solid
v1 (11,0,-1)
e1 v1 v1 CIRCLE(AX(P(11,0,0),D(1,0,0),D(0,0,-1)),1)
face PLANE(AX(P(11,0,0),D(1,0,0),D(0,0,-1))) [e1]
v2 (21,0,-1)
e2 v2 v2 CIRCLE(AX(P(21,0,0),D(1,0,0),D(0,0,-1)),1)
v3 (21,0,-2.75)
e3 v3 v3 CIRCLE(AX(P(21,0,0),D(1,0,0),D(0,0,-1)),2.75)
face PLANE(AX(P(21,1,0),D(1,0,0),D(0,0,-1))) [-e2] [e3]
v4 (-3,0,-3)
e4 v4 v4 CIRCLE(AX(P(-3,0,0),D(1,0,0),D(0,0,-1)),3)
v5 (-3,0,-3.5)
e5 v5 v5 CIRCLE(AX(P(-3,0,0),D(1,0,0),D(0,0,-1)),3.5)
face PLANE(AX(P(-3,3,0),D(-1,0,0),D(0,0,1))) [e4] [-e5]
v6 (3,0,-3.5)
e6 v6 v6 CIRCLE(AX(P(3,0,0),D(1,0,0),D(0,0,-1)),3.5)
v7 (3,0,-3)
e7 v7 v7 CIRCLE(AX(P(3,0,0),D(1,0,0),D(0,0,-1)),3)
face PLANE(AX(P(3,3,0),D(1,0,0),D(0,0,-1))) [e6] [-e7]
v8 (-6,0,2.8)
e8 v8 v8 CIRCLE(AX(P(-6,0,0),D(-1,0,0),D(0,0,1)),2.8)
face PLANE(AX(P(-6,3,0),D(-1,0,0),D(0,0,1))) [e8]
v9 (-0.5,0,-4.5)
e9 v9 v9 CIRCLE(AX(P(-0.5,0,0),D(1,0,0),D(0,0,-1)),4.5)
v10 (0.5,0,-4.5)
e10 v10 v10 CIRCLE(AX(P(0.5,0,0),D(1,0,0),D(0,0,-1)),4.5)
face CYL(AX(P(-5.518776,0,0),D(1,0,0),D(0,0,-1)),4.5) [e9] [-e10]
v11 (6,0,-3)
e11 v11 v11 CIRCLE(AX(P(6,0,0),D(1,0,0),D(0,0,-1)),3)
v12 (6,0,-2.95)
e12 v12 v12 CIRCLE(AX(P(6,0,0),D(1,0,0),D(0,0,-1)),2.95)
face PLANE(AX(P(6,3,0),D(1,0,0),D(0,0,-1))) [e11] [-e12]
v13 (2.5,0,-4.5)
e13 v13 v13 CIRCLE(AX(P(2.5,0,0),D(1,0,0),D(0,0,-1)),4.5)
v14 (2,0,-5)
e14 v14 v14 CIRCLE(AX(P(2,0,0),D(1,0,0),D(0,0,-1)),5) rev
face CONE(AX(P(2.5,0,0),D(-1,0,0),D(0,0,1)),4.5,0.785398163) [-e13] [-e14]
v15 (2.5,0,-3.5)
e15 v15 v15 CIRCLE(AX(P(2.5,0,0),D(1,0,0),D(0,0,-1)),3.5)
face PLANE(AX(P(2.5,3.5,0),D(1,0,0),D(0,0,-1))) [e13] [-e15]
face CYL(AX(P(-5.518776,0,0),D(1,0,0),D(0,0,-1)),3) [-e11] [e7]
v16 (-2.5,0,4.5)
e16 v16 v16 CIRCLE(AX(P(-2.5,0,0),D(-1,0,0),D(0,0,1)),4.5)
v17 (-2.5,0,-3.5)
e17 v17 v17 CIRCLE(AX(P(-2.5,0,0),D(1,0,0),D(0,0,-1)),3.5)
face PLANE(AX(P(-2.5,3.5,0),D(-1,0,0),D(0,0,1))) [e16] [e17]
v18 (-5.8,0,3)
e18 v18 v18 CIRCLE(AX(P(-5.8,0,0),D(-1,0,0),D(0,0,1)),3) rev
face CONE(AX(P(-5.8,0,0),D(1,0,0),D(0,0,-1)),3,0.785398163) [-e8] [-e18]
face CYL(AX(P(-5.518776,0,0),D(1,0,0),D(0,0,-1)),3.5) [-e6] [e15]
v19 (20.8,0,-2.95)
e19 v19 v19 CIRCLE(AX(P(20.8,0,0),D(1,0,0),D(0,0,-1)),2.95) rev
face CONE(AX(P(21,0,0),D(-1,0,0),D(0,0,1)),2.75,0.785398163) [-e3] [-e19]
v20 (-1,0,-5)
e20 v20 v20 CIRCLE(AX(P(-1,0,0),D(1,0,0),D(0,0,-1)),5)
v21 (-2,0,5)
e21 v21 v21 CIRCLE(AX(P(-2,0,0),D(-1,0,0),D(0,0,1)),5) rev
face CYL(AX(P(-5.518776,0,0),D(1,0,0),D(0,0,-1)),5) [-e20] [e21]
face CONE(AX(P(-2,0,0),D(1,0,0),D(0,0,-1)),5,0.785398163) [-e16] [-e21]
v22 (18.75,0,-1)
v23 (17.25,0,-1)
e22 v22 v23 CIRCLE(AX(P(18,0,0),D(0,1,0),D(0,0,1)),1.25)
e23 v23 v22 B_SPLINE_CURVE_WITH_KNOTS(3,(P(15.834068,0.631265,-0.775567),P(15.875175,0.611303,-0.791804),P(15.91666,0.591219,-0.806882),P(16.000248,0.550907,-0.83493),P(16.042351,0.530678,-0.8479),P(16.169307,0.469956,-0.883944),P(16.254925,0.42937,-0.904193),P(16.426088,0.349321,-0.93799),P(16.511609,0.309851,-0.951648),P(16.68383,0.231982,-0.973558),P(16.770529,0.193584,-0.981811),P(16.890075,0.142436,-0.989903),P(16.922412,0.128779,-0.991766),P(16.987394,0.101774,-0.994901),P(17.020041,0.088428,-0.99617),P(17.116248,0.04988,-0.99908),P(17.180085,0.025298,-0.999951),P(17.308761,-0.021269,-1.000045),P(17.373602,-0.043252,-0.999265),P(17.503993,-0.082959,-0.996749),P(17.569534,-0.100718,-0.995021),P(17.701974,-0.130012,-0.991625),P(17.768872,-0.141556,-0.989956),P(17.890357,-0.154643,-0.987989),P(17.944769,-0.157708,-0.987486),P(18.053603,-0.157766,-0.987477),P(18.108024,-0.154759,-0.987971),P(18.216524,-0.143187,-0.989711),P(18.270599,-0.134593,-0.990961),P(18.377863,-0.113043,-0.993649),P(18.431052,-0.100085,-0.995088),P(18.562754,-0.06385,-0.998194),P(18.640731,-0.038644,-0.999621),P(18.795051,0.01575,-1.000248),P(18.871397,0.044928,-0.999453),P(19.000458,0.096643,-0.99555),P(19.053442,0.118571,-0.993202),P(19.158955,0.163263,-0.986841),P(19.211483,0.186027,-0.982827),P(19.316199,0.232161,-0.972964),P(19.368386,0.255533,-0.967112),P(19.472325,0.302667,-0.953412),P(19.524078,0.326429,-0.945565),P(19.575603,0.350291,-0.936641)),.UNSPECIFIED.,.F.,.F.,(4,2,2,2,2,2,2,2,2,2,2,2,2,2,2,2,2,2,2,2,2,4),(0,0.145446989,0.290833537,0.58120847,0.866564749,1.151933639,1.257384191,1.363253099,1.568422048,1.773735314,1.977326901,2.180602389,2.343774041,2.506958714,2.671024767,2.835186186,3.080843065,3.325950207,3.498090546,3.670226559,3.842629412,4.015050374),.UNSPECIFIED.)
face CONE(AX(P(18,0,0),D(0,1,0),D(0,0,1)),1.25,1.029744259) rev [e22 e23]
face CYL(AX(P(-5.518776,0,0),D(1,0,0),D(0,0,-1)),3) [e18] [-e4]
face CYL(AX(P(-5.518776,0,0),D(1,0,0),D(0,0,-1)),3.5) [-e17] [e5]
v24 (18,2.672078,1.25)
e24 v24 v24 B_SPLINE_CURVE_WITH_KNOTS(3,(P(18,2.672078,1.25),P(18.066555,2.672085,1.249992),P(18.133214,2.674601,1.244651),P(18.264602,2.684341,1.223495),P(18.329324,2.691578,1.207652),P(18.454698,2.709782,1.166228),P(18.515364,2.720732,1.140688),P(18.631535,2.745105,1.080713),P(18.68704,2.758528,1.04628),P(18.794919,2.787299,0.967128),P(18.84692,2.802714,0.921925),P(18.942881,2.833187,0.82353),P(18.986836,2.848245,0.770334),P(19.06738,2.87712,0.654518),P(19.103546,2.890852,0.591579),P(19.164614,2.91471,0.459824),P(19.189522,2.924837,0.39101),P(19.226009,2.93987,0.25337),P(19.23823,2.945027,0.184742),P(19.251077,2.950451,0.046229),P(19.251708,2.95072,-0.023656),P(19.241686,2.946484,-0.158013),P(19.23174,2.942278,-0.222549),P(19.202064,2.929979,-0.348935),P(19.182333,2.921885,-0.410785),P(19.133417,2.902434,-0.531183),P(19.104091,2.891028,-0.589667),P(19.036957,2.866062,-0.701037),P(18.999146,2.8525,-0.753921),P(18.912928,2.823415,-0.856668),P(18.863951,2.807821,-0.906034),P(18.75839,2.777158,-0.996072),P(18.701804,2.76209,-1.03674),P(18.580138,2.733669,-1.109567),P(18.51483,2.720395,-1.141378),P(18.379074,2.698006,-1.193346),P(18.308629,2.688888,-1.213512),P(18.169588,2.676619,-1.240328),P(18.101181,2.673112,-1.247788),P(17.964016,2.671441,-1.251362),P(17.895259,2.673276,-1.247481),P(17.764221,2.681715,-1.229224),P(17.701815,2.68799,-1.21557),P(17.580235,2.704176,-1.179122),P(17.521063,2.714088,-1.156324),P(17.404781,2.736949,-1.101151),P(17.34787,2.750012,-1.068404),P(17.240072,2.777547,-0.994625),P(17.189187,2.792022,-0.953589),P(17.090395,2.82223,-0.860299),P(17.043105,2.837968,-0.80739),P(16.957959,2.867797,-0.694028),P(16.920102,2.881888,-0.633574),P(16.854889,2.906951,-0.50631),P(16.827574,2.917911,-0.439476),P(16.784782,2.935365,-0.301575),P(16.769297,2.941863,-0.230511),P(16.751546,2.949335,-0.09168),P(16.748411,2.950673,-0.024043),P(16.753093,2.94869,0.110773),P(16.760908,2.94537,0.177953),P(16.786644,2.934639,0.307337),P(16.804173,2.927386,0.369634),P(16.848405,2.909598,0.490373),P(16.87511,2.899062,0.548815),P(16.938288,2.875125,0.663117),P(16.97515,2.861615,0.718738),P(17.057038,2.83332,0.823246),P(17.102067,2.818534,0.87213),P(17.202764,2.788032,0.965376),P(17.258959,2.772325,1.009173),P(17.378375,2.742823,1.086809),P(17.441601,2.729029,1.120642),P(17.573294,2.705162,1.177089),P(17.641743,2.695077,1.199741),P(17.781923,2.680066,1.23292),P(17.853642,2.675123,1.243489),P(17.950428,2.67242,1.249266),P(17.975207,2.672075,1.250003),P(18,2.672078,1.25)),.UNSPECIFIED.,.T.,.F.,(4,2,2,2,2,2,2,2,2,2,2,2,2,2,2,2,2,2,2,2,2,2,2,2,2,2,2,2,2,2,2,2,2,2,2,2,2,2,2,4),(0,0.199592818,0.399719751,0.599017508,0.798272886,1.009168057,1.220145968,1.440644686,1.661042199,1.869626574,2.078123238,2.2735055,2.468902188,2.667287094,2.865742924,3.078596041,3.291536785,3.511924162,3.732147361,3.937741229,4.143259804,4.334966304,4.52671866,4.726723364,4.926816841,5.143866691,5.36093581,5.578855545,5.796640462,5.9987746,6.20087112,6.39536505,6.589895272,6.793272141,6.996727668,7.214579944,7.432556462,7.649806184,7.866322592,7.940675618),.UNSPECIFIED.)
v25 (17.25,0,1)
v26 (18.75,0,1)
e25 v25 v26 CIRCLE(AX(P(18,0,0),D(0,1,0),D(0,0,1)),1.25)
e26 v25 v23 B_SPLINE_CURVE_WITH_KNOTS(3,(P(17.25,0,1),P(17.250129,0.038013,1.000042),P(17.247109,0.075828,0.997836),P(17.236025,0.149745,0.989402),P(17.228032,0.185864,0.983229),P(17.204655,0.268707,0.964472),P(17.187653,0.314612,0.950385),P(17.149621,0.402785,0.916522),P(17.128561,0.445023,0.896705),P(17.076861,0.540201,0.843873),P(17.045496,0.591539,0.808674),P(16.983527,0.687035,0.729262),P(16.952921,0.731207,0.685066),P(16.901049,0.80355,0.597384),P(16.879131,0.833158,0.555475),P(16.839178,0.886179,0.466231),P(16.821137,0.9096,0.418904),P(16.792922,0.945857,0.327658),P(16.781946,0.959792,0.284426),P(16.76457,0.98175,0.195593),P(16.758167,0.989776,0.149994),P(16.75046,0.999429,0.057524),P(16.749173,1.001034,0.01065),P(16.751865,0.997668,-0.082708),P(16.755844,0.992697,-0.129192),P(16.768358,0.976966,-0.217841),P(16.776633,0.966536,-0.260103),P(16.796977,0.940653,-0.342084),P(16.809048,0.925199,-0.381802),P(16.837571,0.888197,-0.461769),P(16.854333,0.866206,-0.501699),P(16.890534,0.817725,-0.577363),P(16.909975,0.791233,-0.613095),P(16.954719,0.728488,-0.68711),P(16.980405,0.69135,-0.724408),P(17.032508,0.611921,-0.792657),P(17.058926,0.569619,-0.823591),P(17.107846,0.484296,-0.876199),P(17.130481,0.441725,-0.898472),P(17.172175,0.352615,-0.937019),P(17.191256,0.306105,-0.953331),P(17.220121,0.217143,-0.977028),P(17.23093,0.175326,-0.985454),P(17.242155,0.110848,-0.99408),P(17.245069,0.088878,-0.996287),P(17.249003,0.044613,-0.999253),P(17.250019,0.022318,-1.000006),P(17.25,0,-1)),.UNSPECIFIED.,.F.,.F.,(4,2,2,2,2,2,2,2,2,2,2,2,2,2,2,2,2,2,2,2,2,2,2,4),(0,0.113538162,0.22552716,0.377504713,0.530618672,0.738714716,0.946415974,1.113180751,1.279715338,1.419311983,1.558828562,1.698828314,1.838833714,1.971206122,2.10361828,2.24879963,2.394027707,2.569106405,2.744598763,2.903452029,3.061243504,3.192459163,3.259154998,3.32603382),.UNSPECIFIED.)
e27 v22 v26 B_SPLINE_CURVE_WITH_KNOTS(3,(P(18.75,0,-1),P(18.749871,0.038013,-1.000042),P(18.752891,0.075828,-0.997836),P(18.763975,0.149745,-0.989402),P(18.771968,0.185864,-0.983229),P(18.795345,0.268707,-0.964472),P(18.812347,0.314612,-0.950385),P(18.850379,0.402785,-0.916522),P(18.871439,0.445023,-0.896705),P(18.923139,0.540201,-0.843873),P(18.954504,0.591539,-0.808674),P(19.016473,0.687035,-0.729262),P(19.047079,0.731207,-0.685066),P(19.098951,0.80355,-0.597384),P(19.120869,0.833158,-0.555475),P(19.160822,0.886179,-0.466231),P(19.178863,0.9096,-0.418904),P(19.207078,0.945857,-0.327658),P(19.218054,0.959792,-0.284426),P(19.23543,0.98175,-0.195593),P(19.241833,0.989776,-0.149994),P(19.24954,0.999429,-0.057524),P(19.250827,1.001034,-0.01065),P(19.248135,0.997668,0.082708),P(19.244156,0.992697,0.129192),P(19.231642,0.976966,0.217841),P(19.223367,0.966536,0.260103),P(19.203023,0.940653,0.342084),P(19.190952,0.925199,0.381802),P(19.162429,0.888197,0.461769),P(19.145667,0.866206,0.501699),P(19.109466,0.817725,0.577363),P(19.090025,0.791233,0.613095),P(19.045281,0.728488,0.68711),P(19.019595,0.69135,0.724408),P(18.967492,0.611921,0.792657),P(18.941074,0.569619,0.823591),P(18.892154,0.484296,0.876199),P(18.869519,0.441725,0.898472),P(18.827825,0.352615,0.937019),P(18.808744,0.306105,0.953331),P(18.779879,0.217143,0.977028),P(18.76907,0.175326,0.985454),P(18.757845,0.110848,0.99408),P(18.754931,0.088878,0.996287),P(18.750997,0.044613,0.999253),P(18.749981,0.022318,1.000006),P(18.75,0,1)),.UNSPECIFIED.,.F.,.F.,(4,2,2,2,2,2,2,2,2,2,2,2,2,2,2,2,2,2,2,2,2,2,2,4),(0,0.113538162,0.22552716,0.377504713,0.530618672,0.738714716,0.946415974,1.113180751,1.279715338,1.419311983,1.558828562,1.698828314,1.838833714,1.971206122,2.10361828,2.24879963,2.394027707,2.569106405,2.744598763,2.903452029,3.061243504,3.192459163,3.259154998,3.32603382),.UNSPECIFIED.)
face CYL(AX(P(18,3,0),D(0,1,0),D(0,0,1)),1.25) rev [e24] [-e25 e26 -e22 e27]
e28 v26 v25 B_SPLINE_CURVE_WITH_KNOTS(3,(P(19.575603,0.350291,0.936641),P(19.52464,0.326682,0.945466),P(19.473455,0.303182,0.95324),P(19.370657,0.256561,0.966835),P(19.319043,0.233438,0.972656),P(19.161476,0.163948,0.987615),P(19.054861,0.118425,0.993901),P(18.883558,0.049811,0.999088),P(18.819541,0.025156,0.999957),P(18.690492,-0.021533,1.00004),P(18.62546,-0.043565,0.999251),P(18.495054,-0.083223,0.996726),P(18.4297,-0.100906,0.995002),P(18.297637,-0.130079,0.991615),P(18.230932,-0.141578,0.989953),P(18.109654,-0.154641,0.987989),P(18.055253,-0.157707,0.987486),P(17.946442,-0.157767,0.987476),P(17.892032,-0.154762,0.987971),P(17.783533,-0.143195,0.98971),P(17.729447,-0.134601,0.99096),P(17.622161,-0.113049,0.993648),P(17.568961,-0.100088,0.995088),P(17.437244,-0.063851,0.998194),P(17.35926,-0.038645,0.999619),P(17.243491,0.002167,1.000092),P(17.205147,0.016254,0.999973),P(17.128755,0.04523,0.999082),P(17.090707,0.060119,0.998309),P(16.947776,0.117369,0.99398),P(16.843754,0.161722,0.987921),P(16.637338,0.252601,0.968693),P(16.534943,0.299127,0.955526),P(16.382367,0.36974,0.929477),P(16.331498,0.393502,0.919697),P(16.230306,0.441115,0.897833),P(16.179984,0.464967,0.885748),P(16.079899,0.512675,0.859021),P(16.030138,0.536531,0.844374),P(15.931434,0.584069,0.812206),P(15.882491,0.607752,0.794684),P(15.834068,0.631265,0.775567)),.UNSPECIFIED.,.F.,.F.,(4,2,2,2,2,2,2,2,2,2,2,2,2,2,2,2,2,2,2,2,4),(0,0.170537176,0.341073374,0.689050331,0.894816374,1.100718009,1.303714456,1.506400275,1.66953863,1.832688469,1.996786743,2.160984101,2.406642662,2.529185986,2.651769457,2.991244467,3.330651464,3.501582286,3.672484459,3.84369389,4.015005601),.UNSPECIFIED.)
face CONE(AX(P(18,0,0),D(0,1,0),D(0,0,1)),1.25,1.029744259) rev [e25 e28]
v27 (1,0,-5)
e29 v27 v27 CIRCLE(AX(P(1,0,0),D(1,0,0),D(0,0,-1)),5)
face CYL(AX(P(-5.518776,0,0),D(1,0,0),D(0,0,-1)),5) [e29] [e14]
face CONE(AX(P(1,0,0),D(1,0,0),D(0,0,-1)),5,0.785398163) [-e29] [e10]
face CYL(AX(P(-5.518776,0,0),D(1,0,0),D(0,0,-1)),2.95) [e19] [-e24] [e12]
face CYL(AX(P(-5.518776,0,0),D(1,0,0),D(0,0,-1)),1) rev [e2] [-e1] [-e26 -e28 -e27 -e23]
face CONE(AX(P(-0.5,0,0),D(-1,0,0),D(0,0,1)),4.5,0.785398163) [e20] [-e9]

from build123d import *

# Parameters (mm, degrees)
FASE1_SIZE               = 0.5
M3_GEWINDEBOHRUNG1_D     = 2.5
M3_GEWINDEBOHRUNG1_DEPTH = 3
M3_GEWINDEBOHRUNG1_TIP   = 0.751075774
FASE2_SIZE               = 0.2


with BuildPart() as part:
    # Skizze1 → Rotation1 (revolve)
    with BuildSketch(Plane.XY):
        Polygon((-3, 3), (-6, 3), (-6, 0), (11, 0), (11, 1), (21, 1), (21, 2.95), (6, 2.95), (6, 3), (3, 3), (3, 3.5), (2.5, 3.5), (2.5, 5), (1, 5), (0.5, 4.5), (-0.5, 4.5), (-1, 5), (-2.5, 5), (-2.5, 3.5), (-3, 3.5), align=None)
    revolve(axis=Axis((-5.518776228, 0, 0), (-1, 0, 0)))

    # Fase1
    fase1_edges = [part.edges().sort_by_distance(p)[0] for p in [
        (2.5, -5, 0),
        (-2.5, -5, 0),
    ]]
    chamfer(fase1_edges, length=FASE1_SIZE)

    # M3 Gewindebohrung1
    with Locations(Plane(origin=(18, 3, 0), x_dir=(0, 0, 1), z_dir=(0, 1, 0))):
        with Locations((0, 0)):
            Hole(M3_GEWINDEBOHRUNG1_D / 2, depth=M3_GEWINDEBOHRUNG1_DEPTH)
            with Locations((0, 0, -(M3_GEWINDEBOHRUNG1_DEPTH + M3_GEWINDEBOHRUNG1_TIP / 2))):  # 118° drill point
                Cone(0, M3_GEWINDEBOHRUNG1_D / 2, M3_GEWINDEBOHRUNG1_TIP, mode=Mode.SUBTRACT)

    # Fase2
    fase2_edges = [part.edges().sort_by_distance(p)[0] for p in [
        (-6, -3, 0),
        (21, -2.95, 0),
    ]]
    chamfer(fase2_edges, length=FASE2_SIZE)


solid = part.part
